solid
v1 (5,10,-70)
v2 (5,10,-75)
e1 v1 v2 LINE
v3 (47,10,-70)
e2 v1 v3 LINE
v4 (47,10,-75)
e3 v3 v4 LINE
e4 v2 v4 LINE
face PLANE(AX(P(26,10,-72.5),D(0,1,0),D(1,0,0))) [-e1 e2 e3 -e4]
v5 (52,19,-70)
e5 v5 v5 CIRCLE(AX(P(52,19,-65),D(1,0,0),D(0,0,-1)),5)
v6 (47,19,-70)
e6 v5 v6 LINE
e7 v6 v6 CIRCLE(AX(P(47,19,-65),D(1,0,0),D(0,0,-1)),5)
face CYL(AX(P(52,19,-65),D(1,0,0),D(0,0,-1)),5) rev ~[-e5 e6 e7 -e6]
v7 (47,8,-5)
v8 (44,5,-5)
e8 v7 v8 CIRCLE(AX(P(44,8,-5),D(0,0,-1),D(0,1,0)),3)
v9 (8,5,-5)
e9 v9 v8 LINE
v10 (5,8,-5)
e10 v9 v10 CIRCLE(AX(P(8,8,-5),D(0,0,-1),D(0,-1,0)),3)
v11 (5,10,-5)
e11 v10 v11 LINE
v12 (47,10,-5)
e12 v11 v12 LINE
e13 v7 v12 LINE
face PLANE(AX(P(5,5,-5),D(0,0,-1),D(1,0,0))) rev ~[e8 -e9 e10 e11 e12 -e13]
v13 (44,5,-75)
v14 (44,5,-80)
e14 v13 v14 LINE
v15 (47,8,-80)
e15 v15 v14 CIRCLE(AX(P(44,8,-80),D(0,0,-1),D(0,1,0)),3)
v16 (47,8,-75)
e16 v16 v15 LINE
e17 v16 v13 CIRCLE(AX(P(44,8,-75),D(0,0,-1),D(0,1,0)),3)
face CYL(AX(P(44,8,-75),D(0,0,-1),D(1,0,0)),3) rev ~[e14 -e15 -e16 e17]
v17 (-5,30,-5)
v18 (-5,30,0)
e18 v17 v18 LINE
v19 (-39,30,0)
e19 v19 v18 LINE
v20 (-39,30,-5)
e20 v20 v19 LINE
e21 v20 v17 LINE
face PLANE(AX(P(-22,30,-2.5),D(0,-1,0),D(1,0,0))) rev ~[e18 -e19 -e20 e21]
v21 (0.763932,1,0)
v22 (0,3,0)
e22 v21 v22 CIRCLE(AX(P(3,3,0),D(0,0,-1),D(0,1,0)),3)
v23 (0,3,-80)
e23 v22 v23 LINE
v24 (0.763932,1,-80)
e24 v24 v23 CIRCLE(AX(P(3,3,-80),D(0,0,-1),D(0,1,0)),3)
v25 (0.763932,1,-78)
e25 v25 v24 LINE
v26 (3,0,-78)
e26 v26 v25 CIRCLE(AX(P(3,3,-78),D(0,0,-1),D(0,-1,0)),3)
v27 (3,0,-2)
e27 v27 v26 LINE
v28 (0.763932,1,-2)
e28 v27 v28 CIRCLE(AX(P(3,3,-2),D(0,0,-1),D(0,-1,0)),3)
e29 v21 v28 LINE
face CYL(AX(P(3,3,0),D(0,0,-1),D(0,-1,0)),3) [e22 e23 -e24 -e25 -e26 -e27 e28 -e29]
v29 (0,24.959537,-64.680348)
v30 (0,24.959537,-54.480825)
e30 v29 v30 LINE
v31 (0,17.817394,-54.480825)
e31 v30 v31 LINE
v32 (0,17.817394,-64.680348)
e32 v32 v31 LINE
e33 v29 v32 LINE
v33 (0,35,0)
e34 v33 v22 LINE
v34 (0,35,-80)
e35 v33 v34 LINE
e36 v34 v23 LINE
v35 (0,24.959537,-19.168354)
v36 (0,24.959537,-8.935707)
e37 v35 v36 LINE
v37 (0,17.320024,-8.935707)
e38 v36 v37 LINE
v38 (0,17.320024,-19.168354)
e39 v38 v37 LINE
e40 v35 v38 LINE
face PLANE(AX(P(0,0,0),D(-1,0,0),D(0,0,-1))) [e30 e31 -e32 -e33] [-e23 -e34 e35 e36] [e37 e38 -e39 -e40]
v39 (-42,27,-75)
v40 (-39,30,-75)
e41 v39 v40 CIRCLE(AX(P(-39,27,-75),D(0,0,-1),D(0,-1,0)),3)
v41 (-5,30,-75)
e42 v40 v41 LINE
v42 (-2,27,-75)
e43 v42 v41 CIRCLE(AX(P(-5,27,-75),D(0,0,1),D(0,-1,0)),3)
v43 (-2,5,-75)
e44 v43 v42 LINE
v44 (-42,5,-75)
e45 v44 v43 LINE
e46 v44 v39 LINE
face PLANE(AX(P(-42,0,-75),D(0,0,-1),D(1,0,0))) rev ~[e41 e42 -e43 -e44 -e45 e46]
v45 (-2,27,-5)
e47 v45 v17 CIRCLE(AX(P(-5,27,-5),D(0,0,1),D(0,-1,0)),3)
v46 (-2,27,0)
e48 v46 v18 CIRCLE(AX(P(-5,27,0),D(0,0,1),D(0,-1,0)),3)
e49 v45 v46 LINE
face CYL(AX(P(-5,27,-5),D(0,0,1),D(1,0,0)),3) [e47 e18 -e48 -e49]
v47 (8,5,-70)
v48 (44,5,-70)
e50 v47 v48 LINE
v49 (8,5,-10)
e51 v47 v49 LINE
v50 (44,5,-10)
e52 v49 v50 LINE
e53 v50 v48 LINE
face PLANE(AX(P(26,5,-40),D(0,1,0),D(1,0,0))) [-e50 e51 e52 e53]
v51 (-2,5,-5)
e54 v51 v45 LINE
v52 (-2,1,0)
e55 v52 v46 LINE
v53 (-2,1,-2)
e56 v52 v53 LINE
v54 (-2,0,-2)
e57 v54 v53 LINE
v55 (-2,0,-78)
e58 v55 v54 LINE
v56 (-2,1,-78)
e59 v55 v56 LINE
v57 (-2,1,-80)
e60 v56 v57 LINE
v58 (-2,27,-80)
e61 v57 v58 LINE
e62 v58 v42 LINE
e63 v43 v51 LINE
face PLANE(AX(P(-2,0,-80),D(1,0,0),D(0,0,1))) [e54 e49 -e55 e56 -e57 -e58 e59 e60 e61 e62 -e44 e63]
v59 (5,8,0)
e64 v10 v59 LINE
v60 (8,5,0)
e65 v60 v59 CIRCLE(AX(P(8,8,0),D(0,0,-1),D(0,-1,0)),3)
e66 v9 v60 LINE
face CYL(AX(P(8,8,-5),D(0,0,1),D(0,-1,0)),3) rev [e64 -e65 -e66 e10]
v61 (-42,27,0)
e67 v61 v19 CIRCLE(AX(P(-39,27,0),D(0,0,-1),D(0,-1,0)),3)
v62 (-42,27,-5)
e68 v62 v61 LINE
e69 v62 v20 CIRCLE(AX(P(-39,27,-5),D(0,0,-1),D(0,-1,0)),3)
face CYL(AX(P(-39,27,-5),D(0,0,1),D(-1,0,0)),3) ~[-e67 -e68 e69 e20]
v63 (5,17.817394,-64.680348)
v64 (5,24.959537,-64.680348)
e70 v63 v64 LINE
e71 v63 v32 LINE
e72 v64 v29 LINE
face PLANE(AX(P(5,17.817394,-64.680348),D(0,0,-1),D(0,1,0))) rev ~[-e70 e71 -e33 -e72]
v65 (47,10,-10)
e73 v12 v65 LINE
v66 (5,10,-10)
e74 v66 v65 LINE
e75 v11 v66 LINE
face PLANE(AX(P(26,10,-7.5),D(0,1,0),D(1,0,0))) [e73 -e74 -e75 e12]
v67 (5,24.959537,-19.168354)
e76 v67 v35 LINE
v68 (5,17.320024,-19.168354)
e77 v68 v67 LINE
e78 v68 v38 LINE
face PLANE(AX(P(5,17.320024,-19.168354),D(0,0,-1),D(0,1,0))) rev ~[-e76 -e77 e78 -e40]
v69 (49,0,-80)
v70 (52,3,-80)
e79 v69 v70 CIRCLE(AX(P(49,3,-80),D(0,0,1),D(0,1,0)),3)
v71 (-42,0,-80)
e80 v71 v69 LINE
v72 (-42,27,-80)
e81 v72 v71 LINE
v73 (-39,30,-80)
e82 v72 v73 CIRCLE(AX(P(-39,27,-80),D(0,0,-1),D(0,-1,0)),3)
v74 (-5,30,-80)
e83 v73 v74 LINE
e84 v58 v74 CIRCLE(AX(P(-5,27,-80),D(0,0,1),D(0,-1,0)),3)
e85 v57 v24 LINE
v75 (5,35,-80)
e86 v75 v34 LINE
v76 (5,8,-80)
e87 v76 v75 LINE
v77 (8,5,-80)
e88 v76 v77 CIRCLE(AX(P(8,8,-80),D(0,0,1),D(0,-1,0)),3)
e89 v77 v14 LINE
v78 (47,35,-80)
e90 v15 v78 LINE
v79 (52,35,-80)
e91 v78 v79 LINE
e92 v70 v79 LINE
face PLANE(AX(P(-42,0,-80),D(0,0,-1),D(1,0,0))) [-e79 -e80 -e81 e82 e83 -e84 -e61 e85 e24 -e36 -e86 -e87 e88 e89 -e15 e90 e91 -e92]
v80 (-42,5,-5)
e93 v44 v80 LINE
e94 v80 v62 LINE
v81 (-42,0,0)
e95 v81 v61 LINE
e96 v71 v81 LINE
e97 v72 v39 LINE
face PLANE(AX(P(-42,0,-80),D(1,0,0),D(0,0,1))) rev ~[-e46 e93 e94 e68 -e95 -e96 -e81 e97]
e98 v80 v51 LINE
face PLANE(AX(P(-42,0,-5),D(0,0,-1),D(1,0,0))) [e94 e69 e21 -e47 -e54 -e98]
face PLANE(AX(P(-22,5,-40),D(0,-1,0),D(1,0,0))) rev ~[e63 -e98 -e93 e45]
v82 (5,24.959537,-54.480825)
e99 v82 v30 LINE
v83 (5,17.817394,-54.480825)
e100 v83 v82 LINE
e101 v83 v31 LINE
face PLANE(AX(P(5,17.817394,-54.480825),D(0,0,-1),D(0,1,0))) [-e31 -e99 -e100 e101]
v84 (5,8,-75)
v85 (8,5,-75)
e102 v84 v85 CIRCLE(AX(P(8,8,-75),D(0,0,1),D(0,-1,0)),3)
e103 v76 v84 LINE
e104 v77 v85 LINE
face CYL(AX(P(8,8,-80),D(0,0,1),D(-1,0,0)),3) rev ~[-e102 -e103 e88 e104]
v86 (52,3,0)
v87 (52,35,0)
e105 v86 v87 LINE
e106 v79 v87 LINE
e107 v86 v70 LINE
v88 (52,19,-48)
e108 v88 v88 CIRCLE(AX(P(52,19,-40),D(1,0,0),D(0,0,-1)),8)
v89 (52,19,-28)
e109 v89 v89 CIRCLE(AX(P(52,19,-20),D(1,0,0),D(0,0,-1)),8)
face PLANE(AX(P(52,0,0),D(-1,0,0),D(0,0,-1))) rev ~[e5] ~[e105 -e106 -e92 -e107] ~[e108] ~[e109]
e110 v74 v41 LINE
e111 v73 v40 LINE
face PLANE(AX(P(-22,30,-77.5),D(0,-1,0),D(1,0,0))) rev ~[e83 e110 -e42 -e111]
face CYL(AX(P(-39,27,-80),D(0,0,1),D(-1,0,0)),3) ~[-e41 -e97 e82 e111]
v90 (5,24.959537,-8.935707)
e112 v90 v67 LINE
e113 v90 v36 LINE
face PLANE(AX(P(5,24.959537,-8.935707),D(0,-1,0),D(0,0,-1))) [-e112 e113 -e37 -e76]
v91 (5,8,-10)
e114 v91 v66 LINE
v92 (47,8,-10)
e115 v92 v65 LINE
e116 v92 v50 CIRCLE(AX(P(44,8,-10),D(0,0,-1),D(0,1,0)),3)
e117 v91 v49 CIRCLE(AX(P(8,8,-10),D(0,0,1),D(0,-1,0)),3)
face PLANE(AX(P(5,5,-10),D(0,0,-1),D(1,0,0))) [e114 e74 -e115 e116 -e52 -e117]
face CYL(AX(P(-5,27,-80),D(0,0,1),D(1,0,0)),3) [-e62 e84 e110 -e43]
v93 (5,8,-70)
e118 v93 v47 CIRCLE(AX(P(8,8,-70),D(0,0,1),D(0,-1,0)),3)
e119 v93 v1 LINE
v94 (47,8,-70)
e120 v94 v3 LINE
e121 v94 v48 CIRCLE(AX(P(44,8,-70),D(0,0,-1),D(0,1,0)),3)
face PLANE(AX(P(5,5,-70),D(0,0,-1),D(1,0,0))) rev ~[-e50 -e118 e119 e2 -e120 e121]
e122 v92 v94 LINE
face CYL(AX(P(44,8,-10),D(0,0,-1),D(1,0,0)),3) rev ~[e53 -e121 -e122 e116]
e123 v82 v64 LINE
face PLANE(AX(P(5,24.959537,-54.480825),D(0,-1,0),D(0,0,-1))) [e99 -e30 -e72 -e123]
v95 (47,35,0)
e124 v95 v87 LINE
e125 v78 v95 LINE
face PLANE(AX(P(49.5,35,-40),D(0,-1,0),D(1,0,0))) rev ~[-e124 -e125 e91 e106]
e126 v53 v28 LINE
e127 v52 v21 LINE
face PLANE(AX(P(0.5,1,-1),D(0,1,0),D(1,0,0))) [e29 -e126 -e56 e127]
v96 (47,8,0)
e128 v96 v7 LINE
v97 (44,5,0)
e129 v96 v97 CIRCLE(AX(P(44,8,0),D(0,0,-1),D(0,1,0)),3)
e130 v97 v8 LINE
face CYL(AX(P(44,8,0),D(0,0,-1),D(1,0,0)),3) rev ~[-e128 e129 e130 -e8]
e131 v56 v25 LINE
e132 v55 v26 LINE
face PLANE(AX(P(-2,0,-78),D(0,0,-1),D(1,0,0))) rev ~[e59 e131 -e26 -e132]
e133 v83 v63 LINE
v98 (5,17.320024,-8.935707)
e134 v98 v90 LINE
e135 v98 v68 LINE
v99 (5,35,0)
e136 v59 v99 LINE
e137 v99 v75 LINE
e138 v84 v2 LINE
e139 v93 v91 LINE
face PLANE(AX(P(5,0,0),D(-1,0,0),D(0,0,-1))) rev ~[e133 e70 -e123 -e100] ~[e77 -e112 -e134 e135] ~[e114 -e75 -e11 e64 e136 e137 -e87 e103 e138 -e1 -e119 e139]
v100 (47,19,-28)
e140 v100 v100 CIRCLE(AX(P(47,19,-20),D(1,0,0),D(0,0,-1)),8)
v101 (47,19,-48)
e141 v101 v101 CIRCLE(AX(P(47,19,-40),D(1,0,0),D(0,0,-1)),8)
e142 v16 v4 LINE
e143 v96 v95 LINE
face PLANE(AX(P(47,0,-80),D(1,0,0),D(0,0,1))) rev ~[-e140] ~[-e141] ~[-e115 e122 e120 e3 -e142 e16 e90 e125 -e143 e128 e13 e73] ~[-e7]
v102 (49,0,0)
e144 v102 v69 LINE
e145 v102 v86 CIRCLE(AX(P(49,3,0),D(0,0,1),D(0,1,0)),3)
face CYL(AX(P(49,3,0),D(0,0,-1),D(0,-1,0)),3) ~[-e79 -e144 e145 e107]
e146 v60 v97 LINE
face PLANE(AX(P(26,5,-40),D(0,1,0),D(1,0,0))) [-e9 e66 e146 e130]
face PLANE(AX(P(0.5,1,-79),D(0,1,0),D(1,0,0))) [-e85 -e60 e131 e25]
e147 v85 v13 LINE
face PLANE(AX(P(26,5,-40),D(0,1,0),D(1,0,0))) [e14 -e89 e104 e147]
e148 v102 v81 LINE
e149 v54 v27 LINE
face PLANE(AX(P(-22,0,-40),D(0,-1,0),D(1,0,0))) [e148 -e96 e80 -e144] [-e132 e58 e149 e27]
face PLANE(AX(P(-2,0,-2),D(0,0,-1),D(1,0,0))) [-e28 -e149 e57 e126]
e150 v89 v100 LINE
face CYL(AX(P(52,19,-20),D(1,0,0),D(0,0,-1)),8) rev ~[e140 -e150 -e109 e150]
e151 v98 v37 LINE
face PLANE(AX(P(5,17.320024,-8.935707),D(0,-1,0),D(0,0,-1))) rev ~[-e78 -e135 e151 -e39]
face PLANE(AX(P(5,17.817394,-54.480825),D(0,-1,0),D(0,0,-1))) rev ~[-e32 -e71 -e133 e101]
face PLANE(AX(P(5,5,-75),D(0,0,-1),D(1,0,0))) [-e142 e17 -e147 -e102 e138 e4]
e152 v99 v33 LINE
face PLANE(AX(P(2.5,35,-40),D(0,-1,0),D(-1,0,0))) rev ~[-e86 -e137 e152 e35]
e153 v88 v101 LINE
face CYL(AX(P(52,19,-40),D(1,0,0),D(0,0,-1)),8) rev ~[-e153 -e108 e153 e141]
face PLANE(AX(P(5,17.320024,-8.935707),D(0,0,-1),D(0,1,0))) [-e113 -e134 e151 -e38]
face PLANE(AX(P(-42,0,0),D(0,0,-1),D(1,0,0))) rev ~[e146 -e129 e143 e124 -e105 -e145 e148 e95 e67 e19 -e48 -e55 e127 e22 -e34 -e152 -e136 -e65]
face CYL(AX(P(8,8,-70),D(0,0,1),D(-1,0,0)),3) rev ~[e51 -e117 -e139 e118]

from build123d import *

# Parameters (mm, degrees)
SKETCH4_W            = 52
SKETCH4_H            = 80
BOSS_EXTRUDE4_DEPTH  = 5
SKETCH6_W            = 5
SKETCH6_H            = 80
BOSS_EXTRUDE5_DEPTH  = 35
SKETCH7_W            = 5
SKETCH7_H            = 80
BOSS_EXTRUDE6_DEPTH  = 35
SKETCH8_W            = 42
SKETCH8_H            = 5
BOSS_EXTRUDE7_DEPTH  = 5
FILLET2_R            = 3
FILLET3_R            = 3
FILLET4_R            = 3
SKETCH9_R            = 8
SKETCH9_R_2          = 5
CUT_EXTRUDE1_DEPTH   = 5
SKETCH10_W           = 5
SKETCH10_H           = 2
BOSS_EXTRUDE8_DEPTH  = 1
SKETCH11_W           = 40
SKETCH11_H           = 80
BOSS_EXTRUDE9_DEPTH  = 5
SKETCH12_W           = 40
SKETCH12_H           = 5
BOSS_EXTRUDE11_DEPTH = 30
FILLET6_R            = 3
SKETCH13_W           = 10.232646845
SKETCH13_H           = 7.639513139
SKETCH13_W_2         = 10.199522787
SKETCH13_H_2         = 7.142143056
CUT_EXTRUDE2_DEPTH   = 30


with BuildPart() as part:
    # Sketch4 → Boss-Extrude4 (new body)
    with BuildSketch(Plane(origin=(0, 0, 0), x_dir=(1, 0, 0), z_dir=(0, 1, 0))):
        with Locations((26, 40)):
            Rectangle(SKETCH4_W, SKETCH4_H)
    extrude(amount=BOSS_EXTRUDE4_DEPTH)

    # Sketch6 → Boss-Extrude5 (add)
    with BuildSketch(Plane.XZ):
        with Locations((49.5, -40)):
            Rectangle(SKETCH6_W, SKETCH6_H)
    extrude(amount=-BOSS_EXTRUDE5_DEPTH)

    # Sketch7 → Boss-Extrude6 (add)
    with BuildSketch(Plane(origin=(0, 0, 0), x_dir=(-1, 0, 0), z_dir=(0, -1, 0))):
        with Locations((-2.5, 40)):
            Rectangle(SKETCH7_W, SKETCH7_H)
    extrude(amount=-BOSS_EXTRUDE6_DEPTH)

    # Sketch8 → Boss-Extrude7 (add)
    with BuildSketch(Plane(origin=(0, 5, 0), x_dir=(1, 0, 0), z_dir=(0, 1, 0))):
        with Locations((26, 72.5)):
            Rectangle(SKETCH8_W, SKETCH8_H)
        with Locations((26, 7.5)):
            Rectangle(SKETCH8_W, SKETCH8_H)
    extrude(amount=BOSS_EXTRUDE7_DEPTH)

    # Fillet2
    fillet2_edges = [part.edges().sort_by_distance(p)[0] for p in [
        (52, 0, -40),
    ]]
    fillet(fillet2_edges, radius=FILLET2_R)

    # Fillet3
    fillet3_edges = [part.edges().sort_by_distance(p)[0] for p in [
        (47, 5, -2.5),
    ]]
    fillet(fillet3_edges, radius=FILLET3_R)

    # Fillet4
    fillet4_edges = [part.edges().sort_by_distance(p)[0] for p in [
        (5, 5, -77.5),
        (5, 5, -40),
        (47, 5, -77.5),
        (0, 0, -40),
        (5, 5, -2.5),
        (47, 5, -40),
    ]]
    fillet(fillet4_edges, radius=FILLET4_R)

    # Sketch9 → Cut-Extrude1 (cut)
    with BuildSketch(Plane(origin=(52, 0, 0), x_dir=(0, 0, -1), z_dir=(1, 0, 0))):
        with Locations((20, 19)):
            Circle(SKETCH9_R)
        with Locations((40, 19)):
            Circle(SKETCH9_R)
        with Locations((65, 19)):
            Circle(SKETCH9_R_2)
    extrude(amount=-CUT_EXTRUDE1_DEPTH, mode=Mode.SUBTRACT)

    # Sketch10 → Boss-Extrude8 (add)
    with BuildSketch(Plane(origin=(0, 0, 0), x_dir=(1, 0, 0), z_dir=(0, 1, 0))):
        with Locations((0.5, 1)):
            Rectangle(SKETCH10_W, SKETCH10_H)
        with Locations((0.5, 79)):
            Rectangle(SKETCH10_W, SKETCH10_H)
    extrude(amount=BOSS_EXTRUDE8_DEPTH)

    # Sketch11 → Boss-Extrude9 (add)
    with BuildSketch(Plane.XZ):
        with Locations((-22, -40)):
            Rectangle(SKETCH11_W, SKETCH11_H)
    extrude(amount=-BOSS_EXTRUDE9_DEPTH)

    # Sketch12 → Boss-Extrude11 (add)
    with BuildSketch(Plane.XZ):
        with Locations((-22, -2.5)):
            Rectangle(SKETCH12_W, SKETCH12_H)
        with Locations((-22, -77.5)):
            Rectangle(SKETCH12_W, SKETCH12_H)
    extrude(amount=-BOSS_EXTRUDE11_DEPTH)

    # Fillet6
    fillet6_edges = [part.edges().sort_by_distance(p)[0] for p in [
        (-42, 30, -2.5),
        (-2, 30, -2.5),
        (-42, 30, -77.5),
        (-2, 30, -77.5),
    ]]
    fillet(fillet6_edges, radius=FILLET6_R)

    # Sketch13 → Cut-Extrude2 (cut)
    with BuildSketch(Plane(origin=(5, 0, 0), x_dir=(0, 0, -1), z_dir=(1, 0, 0))):
        with Locations((14.052030706, 21.139780505)):
            Rectangle(SKETCH13_W, SKETCH13_H)
        with Locations((59.580586702, 21.388465546)):
            Rectangle(SKETCH13_W_2, SKETCH13_H_2)
    extrude(amount=-CUT_EXTRUDE2_DEPTH, mode=Mode.SUBTRACT)


solid = part.part
